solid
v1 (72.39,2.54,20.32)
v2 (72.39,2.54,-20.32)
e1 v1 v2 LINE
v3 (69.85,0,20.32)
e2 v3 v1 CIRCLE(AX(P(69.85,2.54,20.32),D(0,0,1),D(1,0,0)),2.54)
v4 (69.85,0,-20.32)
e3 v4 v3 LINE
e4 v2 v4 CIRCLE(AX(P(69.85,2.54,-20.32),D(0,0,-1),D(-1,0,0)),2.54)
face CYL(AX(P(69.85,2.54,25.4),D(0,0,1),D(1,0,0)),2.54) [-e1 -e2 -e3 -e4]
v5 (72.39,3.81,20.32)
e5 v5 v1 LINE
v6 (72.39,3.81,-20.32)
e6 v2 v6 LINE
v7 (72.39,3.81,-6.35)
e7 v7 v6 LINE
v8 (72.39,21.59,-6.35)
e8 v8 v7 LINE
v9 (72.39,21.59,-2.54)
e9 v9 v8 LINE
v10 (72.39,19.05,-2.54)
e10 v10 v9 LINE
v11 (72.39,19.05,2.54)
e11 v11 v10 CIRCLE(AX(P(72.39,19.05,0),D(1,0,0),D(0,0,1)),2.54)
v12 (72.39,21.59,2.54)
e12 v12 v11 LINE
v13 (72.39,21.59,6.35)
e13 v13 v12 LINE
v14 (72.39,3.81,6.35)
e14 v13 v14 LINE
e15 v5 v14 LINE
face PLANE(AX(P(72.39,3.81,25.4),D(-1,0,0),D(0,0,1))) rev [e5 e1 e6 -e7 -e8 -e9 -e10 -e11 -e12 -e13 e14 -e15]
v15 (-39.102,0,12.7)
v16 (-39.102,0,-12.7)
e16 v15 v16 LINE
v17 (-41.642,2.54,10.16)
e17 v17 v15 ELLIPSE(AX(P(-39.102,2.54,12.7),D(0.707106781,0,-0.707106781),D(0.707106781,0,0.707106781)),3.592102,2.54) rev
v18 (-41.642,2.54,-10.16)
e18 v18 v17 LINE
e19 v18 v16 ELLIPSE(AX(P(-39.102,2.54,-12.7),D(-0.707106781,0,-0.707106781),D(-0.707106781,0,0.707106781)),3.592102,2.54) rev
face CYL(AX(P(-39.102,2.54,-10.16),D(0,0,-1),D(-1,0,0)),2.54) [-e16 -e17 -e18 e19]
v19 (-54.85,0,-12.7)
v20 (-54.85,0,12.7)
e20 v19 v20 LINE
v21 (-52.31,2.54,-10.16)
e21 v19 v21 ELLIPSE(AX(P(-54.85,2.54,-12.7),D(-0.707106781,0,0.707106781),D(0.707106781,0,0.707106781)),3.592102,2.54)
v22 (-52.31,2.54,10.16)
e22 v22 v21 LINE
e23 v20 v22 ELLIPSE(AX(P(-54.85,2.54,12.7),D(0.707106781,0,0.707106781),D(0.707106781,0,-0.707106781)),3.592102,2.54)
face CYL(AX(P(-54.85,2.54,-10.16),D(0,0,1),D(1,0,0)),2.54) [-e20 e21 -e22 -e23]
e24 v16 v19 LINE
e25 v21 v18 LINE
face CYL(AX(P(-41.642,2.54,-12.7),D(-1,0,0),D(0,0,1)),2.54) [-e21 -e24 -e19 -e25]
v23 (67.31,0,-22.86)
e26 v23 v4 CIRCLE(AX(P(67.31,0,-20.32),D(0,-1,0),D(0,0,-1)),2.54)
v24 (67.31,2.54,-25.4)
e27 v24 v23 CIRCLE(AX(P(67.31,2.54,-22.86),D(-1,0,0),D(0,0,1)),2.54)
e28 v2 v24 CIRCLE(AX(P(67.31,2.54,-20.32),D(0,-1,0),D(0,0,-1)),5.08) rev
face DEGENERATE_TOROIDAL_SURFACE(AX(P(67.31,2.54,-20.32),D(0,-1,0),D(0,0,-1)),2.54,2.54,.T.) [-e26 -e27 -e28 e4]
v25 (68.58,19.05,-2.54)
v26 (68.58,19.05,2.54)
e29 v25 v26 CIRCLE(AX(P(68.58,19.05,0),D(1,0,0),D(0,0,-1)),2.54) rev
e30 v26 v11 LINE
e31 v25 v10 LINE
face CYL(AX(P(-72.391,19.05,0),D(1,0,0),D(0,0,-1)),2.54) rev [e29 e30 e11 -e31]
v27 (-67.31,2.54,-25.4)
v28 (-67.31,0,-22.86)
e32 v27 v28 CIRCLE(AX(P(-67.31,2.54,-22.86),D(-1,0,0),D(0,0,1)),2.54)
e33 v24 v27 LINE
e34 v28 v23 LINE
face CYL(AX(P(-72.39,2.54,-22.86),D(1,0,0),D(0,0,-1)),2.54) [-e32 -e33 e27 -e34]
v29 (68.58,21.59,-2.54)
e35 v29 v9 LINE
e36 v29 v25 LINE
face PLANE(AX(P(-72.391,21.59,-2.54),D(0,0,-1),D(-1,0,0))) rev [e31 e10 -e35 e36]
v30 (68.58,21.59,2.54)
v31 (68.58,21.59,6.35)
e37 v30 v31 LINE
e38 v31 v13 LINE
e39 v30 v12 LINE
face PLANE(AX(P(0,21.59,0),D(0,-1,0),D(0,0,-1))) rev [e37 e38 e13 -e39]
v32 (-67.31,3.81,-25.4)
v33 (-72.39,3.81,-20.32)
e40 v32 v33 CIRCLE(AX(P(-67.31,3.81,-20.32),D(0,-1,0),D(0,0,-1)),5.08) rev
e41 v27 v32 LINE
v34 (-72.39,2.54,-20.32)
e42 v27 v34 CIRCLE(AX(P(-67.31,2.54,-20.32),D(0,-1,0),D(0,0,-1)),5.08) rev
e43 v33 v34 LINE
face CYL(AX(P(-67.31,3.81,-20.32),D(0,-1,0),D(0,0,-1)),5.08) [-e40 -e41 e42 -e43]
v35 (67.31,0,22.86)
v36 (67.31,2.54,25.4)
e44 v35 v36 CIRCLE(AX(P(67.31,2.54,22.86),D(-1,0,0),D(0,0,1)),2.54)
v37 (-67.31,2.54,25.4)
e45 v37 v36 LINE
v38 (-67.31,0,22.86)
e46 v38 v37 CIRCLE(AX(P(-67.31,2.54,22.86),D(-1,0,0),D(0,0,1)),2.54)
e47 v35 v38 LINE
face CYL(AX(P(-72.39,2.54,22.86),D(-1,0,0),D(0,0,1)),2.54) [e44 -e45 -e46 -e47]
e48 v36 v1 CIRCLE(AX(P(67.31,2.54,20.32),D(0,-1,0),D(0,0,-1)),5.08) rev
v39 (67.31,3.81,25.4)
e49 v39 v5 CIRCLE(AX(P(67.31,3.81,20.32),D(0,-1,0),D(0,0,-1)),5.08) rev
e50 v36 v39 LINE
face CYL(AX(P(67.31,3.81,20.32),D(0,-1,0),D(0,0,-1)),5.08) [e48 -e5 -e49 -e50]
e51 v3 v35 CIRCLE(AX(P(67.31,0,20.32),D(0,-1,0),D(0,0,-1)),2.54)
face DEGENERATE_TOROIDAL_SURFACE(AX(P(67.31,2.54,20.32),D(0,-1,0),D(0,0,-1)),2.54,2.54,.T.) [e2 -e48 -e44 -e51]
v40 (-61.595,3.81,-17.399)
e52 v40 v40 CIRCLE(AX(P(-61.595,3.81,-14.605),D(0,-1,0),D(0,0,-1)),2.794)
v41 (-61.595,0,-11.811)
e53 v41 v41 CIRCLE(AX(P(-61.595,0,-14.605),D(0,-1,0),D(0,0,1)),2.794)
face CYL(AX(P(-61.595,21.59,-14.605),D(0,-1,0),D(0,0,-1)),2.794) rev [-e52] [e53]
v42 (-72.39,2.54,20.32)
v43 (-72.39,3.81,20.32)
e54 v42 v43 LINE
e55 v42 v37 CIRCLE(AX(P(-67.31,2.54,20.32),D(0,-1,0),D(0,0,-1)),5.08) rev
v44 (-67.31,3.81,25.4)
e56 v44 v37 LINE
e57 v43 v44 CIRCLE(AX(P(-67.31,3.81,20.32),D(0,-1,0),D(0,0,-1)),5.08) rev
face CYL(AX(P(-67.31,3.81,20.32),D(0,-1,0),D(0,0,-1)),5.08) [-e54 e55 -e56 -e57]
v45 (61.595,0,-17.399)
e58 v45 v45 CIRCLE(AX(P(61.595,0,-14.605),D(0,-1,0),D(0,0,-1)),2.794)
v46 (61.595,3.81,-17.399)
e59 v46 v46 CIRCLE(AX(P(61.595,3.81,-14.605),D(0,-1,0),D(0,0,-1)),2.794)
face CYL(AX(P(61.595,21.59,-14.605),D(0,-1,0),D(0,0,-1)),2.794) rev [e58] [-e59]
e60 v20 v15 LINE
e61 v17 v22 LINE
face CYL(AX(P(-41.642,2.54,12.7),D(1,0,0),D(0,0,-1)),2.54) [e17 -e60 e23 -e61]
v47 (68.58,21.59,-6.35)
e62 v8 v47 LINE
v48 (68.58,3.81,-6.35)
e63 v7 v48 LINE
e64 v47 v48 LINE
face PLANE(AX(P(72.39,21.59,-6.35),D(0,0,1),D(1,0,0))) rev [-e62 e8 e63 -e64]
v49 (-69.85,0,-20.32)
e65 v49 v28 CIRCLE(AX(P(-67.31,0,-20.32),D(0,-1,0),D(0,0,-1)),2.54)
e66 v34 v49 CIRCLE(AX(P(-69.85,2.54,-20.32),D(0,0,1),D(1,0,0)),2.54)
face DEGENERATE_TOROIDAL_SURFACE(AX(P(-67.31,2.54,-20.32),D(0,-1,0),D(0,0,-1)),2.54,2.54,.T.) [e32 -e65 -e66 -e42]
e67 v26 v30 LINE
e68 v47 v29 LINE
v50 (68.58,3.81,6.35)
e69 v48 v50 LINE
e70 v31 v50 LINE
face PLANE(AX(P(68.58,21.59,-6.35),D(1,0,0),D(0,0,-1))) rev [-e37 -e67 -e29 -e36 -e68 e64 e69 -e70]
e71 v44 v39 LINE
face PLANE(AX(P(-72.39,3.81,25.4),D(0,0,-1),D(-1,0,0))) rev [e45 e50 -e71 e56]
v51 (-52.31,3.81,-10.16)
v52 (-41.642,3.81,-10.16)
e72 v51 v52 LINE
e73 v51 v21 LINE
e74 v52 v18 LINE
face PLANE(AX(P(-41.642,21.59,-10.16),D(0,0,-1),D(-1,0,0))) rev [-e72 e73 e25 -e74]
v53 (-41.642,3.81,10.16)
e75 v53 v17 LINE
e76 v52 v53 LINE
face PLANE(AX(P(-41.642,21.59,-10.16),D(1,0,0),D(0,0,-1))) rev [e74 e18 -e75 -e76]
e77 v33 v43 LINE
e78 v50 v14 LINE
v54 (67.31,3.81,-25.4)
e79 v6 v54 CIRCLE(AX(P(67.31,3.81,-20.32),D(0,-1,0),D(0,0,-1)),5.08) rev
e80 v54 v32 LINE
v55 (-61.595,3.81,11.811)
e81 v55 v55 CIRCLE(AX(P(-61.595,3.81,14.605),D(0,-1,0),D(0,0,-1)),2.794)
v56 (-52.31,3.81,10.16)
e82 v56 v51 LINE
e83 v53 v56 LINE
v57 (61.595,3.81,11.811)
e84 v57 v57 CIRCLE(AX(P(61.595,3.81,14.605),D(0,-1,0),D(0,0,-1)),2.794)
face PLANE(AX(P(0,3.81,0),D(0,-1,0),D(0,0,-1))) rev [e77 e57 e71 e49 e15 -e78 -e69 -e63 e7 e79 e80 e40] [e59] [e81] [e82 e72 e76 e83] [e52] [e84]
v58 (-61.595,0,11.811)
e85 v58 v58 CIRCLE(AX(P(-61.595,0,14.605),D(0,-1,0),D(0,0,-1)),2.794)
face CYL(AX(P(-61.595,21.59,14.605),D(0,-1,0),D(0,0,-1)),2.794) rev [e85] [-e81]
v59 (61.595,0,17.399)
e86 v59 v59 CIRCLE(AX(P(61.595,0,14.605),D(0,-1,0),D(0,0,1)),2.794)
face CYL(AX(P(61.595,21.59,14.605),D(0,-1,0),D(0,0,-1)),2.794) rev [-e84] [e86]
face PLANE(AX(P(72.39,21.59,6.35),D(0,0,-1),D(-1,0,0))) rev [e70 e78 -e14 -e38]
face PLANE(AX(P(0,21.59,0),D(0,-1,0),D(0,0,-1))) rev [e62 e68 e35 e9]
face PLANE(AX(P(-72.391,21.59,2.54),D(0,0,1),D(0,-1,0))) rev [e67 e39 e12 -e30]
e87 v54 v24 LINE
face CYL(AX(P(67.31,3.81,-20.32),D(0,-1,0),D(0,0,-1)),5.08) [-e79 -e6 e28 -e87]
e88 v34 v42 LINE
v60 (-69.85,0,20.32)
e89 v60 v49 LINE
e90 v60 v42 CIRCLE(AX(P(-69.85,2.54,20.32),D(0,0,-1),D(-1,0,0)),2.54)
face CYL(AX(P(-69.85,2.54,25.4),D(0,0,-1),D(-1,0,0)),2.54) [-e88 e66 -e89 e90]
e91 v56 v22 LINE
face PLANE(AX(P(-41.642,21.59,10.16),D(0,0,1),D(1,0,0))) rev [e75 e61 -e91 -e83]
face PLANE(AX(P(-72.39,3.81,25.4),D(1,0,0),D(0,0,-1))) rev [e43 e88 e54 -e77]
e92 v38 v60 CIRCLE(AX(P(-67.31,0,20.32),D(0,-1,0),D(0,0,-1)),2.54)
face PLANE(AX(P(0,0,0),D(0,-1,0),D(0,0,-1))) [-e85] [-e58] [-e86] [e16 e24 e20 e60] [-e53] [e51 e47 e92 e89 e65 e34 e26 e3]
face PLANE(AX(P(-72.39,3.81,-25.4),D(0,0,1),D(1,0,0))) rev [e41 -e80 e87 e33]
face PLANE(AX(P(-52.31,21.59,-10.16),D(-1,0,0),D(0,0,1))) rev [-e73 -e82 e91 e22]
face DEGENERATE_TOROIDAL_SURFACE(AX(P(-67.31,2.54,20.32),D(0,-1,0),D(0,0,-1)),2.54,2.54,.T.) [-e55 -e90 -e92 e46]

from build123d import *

# Parameters (mm, degrees)
SKETCH1_W           = 144.78
SKETCH1_H           = 50.8
BOSS_EXTRUDE1_DEPTH = 3.81
SKETCH2_W           = 3.81
SKETCH2_H           = 12.7
BOSS_EXTRUDE2_DEPTH = 17.78
CUT_EXTRUDE1_REACH  = 146.78
SKETCH4_W           = 10.668
SKETCH4_H           = 20.32
CUT_EXTRUDE2_DEPTH  = 22.59
SKETCH5_R           = 2.794
CUT_EXTRUDE3_DEPTH  = 22.59
FILLET3_R           = 5.08
FILLET4_R           = 2.54


with BuildPart() as part:
    # Sketch1 → Boss-Extrude1 (new body)
    with BuildSketch(Plane(origin=(0, 0, 0), x_dir=(1, 0, 0), z_dir=(0, 1, 0))):
        Rectangle(SKETCH1_W, SKETCH1_H)
    extrude(amount=BOSS_EXTRUDE1_DEPTH)

    # Sketch2 → Boss-Extrude2 (add)
    with BuildSketch(Plane(origin=(0, 3.81, 0), x_dir=(1, 0, 0), z_dir=(0, 1, 0))):
        with Locations((70.485, 0)):
            Rectangle(SKETCH2_W, SKETCH2_H)
    extrude(amount=BOSS_EXTRUDE2_DEPTH)

    # Sketch3 → Cut-Extrude1 (cut, up to next)
    with BuildSketch(Plane(origin=(72.39, 0, 0), x_dir=(0, 0, -1), z_dir=(1, 0, 0)), mode=Mode.PRIVATE) as cut_extrude1_sk1:
        with BuildLine():
            Line((-2.54, 21.59), (2.54, 21.59))
            Line((2.54, 21.59), (2.54, 19.05))
            ThreePointArc((2.54, 19.05), (0, 16.51), (-2.54, 19.05))
            Line((-2.54, 19.05), (-2.54, 21.59))
        make_face()
    cut_extrude1_tool1 = extrude(cut_extrude1_sk1.sketch, amount=-CUT_EXTRUDE1_REACH, mode=Mode.PRIVATE) & part.part
    add(cut_extrude1_tool1.solids().sort_by_distance((72.39, 19.287109, 0))[0], mode=Mode.SUBTRACT)

    # Sketch4 → Cut-Extrude2 (cut, through all)
    with BuildSketch(Plane.XZ):
        with Locations((-46.976, 0)):
            Rectangle(SKETCH4_W, SKETCH4_H)
    extrude(amount=-CUT_EXTRUDE2_DEPTH, mode=Mode.SUBTRACT)

    # Sketch5 → Cut-Extrude3 (cut, through all)
    with BuildSketch(Plane.XZ):
        with Locations((61.595, -14.605)):
            Circle(SKETCH5_R)
        with Locations((61.595, 14.605)):
            Circle(SKETCH5_R)
        with Locations((-61.595, 14.605)):
            Circle(SKETCH5_R)
        with Locations((-61.595, -14.605)):
            Circle(SKETCH5_R)
    extrude(amount=-CUT_EXTRUDE3_DEPTH, mode=Mode.SUBTRACT)

    # Fillet3
    fillet3_edges = [part.edges().sort_by_distance(p)[0] for p in [
        (72.39, 1.905, 25.4),
        (-72.39, 1.905, 25.4),
        (-72.39, 1.905, -25.4),
        (72.39, 1.905, -25.4),
    ]]
    fillet(fillet3_edges, radius=FILLET3_R)

    # Fillet4
    fillet4_edges = [part.edges().sort_by_distance(p)[0] for p in [
        (-52.31, 0, 0),
        (-46.976, 0, -10.16),
        (-41.642, 0, 0),
        (-46.976, 0, 10.16),
        (-72.39, 0, 0),
        (72.39, 0, 0),
        (0, 0, 25.4),
        (0, 0, -25.4),
        (70.902102448, 0, -23.912102448),
        (70.902102448, 0, 23.912102448),
        (-70.902102448, 0, 23.912102448),
        (-70.902102448, 0, -23.912102448),
    ]]
    fillet(fillet4_edges, radius=FILLET4_R)


solid = part.part
